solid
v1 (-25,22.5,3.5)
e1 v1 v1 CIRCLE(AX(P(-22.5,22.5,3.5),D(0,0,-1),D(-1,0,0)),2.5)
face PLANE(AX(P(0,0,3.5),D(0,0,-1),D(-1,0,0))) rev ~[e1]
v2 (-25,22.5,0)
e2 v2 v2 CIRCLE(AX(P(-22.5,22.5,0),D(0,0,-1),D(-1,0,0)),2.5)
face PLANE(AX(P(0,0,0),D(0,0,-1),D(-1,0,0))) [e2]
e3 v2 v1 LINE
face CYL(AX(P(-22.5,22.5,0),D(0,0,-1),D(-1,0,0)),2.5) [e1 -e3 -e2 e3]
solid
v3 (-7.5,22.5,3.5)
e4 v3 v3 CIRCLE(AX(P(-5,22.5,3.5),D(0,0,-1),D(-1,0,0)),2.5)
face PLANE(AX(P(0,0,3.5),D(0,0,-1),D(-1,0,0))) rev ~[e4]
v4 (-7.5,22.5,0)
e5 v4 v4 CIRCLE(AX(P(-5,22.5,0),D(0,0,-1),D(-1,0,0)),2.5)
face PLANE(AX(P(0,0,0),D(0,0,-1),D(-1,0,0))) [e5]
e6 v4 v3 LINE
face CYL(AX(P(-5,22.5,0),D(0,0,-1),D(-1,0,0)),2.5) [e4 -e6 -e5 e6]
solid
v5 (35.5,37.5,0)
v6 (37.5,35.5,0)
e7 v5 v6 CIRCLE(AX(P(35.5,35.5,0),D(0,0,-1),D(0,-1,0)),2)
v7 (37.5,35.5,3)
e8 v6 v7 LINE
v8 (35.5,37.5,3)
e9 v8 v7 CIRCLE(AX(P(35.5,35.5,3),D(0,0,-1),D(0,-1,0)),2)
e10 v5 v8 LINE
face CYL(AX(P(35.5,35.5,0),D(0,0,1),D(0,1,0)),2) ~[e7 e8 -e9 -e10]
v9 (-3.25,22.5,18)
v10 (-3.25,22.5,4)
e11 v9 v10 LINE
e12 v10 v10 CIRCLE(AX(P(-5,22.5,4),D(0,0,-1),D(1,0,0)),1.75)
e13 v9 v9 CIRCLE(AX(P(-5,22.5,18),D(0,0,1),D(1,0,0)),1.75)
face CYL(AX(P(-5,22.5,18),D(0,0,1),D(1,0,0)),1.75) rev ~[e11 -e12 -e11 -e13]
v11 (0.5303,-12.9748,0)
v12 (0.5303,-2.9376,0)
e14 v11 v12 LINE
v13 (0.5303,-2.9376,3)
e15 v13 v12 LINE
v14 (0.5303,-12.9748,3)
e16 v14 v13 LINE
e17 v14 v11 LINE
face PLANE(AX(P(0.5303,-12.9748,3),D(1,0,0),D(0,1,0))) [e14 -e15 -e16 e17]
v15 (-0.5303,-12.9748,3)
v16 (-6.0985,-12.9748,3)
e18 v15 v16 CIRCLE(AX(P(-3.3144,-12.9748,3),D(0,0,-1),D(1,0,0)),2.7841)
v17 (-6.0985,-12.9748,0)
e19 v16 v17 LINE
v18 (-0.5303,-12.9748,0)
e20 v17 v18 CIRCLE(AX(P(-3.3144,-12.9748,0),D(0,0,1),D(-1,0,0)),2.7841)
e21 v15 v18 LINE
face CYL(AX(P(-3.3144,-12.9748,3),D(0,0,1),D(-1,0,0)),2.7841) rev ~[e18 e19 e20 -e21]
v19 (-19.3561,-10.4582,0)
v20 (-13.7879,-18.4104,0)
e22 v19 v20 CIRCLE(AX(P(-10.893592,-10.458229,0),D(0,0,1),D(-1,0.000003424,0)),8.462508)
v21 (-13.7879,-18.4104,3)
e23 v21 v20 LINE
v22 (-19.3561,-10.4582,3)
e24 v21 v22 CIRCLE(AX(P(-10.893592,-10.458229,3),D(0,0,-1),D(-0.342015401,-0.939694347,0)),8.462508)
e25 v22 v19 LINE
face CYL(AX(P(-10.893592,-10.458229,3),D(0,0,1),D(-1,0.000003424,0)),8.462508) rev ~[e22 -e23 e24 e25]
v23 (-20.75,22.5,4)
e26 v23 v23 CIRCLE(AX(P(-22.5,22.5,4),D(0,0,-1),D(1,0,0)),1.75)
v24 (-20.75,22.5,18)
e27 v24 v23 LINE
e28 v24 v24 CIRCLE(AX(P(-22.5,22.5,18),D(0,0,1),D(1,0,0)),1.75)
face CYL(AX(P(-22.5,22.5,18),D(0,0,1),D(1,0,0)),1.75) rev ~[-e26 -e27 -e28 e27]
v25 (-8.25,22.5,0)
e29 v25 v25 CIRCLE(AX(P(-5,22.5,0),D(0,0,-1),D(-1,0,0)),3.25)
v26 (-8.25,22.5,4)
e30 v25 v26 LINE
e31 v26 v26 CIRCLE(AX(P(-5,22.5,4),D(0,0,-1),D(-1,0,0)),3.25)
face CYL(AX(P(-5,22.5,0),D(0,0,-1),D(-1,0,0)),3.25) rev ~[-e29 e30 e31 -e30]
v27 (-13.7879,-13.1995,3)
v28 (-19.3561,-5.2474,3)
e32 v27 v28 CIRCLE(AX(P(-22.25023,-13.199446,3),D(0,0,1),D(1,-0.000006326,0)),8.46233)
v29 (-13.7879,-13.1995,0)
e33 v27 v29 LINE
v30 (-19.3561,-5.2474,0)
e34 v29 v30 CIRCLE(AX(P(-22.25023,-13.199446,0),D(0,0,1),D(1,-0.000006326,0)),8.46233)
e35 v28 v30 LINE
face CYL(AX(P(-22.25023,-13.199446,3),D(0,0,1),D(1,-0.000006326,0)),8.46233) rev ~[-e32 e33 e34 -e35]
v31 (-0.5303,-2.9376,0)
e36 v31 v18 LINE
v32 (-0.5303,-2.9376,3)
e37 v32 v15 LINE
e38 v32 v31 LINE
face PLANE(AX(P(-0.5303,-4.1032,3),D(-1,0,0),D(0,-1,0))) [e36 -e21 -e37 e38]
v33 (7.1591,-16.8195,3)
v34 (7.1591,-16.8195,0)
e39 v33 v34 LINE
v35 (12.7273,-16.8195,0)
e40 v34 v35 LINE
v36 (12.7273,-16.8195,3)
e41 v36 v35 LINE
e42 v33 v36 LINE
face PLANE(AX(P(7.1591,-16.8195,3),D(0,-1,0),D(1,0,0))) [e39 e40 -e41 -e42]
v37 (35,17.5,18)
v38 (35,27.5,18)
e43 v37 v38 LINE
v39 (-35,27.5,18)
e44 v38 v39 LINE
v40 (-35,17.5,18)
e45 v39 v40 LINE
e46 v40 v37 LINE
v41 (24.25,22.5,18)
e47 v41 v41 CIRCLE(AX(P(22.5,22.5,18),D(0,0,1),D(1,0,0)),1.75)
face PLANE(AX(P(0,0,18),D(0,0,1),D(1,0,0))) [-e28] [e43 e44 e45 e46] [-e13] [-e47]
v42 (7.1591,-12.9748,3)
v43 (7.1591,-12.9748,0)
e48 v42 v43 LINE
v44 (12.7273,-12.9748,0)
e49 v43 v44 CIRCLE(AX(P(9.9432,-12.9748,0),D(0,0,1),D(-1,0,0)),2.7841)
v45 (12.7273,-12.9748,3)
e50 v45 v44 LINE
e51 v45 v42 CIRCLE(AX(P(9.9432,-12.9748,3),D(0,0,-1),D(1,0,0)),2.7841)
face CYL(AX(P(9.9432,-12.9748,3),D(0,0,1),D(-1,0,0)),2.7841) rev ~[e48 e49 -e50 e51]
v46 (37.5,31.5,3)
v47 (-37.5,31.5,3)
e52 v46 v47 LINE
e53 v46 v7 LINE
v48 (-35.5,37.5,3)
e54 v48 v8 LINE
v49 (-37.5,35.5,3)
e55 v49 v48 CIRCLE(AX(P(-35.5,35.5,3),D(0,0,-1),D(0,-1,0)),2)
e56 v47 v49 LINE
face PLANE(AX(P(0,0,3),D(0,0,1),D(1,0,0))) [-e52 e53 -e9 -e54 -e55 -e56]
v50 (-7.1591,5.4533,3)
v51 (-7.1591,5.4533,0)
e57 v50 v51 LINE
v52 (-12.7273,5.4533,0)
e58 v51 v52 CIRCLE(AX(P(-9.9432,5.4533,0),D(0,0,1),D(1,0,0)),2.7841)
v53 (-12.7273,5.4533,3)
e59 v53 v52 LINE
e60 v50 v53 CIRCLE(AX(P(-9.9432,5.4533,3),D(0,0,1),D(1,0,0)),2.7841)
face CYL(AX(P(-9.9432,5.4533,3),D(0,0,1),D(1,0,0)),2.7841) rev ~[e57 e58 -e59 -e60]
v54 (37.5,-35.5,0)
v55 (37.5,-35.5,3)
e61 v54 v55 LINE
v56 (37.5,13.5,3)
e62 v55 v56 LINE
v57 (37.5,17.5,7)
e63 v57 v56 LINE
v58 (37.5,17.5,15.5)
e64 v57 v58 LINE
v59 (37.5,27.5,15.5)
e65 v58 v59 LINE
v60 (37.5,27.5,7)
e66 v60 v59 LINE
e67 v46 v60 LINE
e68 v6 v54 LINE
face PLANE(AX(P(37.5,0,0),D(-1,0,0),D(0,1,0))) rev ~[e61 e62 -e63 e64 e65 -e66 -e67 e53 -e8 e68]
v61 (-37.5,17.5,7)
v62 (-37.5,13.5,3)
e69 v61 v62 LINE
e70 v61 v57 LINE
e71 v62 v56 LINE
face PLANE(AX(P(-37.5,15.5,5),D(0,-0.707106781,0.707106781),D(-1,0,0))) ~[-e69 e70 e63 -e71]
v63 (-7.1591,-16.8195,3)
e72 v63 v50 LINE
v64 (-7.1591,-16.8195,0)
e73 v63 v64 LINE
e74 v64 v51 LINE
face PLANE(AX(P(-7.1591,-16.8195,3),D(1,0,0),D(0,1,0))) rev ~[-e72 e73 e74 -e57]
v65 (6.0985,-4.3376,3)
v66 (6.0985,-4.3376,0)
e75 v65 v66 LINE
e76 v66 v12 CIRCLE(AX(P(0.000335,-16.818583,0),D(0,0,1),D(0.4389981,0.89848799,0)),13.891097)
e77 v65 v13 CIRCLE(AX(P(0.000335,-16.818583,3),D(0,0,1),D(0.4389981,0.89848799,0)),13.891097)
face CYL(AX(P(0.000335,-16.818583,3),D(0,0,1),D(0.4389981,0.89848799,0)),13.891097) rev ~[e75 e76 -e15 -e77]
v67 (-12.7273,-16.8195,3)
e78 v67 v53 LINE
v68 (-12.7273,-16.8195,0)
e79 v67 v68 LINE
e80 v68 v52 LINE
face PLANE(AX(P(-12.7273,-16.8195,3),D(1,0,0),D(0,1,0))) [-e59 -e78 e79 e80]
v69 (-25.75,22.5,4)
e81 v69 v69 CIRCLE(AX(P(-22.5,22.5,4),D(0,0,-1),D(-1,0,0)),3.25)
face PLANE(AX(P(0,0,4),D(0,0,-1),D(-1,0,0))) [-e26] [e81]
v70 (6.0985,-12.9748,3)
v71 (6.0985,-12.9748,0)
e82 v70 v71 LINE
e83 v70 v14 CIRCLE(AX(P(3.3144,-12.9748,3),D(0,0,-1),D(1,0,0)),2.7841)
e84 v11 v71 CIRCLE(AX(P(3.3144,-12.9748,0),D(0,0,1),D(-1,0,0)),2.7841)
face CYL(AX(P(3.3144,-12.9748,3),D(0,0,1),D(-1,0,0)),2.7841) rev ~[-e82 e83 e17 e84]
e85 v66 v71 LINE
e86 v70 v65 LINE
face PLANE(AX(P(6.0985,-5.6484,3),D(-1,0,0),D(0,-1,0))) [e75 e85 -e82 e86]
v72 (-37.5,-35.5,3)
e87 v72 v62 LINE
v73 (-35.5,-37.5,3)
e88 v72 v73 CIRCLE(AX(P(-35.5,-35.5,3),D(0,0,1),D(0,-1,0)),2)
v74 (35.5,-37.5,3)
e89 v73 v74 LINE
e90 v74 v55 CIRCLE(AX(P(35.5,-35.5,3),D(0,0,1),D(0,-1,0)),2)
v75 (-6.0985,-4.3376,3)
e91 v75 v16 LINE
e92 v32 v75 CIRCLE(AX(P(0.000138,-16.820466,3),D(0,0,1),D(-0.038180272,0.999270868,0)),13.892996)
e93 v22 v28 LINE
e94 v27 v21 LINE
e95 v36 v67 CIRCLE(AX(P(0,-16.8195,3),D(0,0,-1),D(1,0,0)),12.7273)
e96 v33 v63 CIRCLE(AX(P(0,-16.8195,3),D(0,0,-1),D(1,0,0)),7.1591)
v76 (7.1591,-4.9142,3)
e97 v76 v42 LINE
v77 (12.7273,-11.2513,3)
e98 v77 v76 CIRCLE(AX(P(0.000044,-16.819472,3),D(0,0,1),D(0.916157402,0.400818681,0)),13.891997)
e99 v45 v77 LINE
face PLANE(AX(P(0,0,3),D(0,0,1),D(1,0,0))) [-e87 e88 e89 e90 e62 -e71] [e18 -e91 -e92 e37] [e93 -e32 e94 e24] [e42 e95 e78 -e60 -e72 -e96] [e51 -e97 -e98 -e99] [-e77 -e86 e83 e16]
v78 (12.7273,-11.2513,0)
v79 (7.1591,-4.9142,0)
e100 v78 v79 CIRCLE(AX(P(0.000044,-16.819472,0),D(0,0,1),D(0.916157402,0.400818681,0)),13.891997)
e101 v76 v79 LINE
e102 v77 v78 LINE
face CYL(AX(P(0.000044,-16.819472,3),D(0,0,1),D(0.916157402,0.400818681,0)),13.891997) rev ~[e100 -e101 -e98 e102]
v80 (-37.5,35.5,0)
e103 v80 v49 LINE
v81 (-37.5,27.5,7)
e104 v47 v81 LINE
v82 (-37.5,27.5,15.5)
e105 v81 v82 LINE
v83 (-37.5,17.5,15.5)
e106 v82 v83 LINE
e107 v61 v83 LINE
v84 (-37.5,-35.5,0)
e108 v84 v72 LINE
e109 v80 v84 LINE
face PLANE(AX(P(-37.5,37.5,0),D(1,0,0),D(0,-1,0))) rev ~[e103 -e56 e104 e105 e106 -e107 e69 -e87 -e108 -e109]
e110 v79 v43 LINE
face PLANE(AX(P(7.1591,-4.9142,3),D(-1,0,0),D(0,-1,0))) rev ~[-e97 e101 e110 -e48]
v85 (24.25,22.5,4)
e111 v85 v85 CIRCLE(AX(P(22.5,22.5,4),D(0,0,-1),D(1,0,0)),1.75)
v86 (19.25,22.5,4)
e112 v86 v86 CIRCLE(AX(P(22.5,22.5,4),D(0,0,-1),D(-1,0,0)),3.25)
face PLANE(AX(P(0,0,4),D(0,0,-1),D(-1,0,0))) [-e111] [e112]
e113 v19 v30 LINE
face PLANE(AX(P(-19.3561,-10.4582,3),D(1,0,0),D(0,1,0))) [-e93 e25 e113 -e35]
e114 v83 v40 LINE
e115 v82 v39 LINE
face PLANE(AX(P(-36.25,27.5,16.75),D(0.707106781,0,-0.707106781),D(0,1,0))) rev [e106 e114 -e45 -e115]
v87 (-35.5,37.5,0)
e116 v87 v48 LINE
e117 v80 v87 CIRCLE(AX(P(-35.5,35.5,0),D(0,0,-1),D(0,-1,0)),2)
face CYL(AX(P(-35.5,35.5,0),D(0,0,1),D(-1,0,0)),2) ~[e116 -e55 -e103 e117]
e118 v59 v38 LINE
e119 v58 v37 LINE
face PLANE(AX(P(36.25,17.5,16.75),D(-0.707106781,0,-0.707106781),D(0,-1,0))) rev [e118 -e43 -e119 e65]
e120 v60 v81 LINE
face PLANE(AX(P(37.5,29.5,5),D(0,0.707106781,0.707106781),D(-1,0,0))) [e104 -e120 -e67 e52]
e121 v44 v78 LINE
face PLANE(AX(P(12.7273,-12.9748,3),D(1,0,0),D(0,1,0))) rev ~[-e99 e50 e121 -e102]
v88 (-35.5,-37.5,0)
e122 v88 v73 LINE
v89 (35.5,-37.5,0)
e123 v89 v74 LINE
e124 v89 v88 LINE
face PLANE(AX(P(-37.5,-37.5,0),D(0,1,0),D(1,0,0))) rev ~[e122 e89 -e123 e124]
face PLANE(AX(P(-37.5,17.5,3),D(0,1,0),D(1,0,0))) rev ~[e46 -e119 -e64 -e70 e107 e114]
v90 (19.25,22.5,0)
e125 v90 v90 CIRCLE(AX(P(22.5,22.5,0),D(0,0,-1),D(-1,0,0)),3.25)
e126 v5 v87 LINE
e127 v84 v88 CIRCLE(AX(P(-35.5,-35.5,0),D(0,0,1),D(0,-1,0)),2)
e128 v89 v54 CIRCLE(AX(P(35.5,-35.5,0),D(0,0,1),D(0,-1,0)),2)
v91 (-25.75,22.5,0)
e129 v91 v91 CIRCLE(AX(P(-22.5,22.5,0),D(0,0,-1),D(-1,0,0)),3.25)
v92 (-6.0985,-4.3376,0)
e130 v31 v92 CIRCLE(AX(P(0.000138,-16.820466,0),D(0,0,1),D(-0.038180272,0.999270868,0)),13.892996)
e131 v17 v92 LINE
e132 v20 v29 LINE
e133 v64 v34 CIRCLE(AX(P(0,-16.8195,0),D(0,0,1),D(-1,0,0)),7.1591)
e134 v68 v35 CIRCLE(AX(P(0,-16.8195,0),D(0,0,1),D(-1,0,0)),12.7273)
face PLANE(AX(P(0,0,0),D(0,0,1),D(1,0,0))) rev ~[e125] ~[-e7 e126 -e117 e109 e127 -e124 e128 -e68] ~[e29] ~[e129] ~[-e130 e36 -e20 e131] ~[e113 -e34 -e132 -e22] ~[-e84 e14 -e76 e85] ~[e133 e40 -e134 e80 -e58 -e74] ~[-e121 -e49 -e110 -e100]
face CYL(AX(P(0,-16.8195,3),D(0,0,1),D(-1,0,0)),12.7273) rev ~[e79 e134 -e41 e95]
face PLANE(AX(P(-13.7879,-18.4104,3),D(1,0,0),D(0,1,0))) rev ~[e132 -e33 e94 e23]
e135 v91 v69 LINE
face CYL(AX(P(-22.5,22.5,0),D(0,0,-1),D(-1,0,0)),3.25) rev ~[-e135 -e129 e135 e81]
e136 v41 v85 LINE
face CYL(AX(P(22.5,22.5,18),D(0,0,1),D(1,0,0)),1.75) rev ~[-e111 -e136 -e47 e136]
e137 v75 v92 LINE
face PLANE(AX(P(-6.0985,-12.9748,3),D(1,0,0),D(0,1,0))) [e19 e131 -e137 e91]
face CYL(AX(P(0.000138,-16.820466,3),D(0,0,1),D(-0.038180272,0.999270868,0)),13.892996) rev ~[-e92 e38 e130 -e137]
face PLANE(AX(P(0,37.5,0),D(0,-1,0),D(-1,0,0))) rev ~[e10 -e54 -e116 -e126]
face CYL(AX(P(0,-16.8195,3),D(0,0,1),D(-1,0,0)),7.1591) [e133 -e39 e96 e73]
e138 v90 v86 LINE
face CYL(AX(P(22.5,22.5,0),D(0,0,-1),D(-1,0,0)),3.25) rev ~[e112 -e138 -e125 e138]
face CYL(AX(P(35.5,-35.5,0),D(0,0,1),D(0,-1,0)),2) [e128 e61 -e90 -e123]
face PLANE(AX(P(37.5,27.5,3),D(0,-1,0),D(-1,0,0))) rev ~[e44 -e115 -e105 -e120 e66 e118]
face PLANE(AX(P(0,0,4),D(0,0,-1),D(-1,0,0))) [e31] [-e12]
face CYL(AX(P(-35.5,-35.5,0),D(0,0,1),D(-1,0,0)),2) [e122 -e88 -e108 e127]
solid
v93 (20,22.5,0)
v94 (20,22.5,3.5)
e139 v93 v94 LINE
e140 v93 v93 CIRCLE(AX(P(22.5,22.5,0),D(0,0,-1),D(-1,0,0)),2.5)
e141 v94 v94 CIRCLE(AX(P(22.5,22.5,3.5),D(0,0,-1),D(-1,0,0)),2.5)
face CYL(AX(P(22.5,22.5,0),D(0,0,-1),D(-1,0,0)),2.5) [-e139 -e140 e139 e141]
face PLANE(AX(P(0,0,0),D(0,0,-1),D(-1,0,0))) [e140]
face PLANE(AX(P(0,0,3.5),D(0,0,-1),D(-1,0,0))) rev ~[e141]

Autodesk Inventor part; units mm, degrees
ref_plane "YZ Plane" through (0, 0, 0) normal (1, 0, 0) x (0, 1, 0)
ref_plane "XZ Plane" through (0, 0, 0) normal (0, 1, 0) x (-1, 0, 0)
ref_plane "XY Plane" through (0, 0, 0) normal (0, 0, 1) x (1, 0, 0)
sketch "Sketch1" plane through (0, 0, 0) normal (0, 0, 1) x (1, 0, 0)
  line L0 (-52.5, 0) -> (52.5, 0) projected
  line L1 (0, -52.5) -> (0, 52.5) projected
  line L2 (-37.5, -37.5) -> (37.5, -37.5)
  line L3 (37.5, -37.5) -> (37.5, 37.5)
  line L4 (37.5, 37.5) -> (-37.5, 37.5)
  line L5 (-37.5, 37.5) -> (-37.5, -37.5)
  line L6 (-37.5, -37.5) -> (37.5, 37.5) construction
  line L7 (37.5, -37.5) -> (-37.5, 37.5) construction
  point P0 (0, 0)
  dimension "d0" = 75
  dimension "d1" = 75
extrude "Extrusion1" add sketch "Sketch1" along normal blind 3
sketch "Sketch2" plane through (0, 0, 3) normal (0, 0, 1) x (1, 0, 0)
  line L0 (37.5, -37.5) -> (37.5, 37.5) projected
  line L1 (37.5, 37.5) -> (-37.5, 37.5) projected
  line L2 (37.5, 17.5) -> (37.5, 27.5)
  line L3 (37.5, 27.5) -> (-37.5, 27.5)
  line L4 (-37.5, 27.5) -> (-37.5, 17.5)
  line L5 (-37.5, 17.5) -> (37.5, 17.5)
  point P0 (0, 0)
  dimension "d4" = 10
  dimension "d5" = 10
extrude "Extrusion2" add sketch "Sketch2" along normal blind 15
chamfer "Chamfer1" distance 2.5 angle 45 2 edges at (37.5, 22.5, 18) (-37.5, 22.5, 18)
sketch "Sketch3" plane through (0, 0, 18) normal (0, 0, 1) x (1, 0, 0)
  line L0 (-35, 17.5) -> (-35, 27.5) projected
  line L1 (35, 27.5) -> (35, 17.5) projected
  line L2 (-35, 22.5) -> (35, 22.5) construction
  circle A0 centre (-5, 22.5) radius 1.75
  circle A1 centre (-22.5, 22.5) radius 1.75
  line L3 (0, -52.5) -> (0, 52.5) projected
  circle A2 centre (22.5, 22.5) radius 1.75
  point P0 (0, 0)
  dimension "d11" = 45
  dimension "d12" = 17.5
  dimension "d13" = 5
  dimension "d14" = 3.5
extrude "Extrusion3" cut sketch "Sketch3" against normal through all
sketch "Sketch4" plane through (0, 0, 0) normal (0, 0, -1) x (-1, 0, 0)
  circle A0 centre (22.5, 22.5) radius 1.75 projected
  circle A1 centre (5, 22.5) radius 1.75 projected
  circle A2 centre (-22.5, 22.5) radius 1.75 projected
  circle A3 centre (-22.5, 22.5) radius 3.25
  circle A4 centre (5, 22.5) radius 3.25
  circle A5 centre (22.5, 22.5) radius 3.25
  point P0 (0, 0)
  dimension "d17" = 6.5
extrude "Extrusion4" cut sketch "Sketch4" against normal blind 4
fillet "Fillet1" radius 2 4 edges at (37.5, -37.5, 1.5) (37.5, 37.5, 1.5) (-37.5, 37.5, 1.5) (-37.5, -37.5, 1.5)
sketch "Sketch5" plane through (0, 0, 3) normal (0, 0, 1) x (1, 0, 0)
  line L0 (0, -52.9971) -> (0, 52.5828) projected
  line L1 (7.5616, -15.7589) -> (7.5616, -16.8195) construction
  line L2 (7.1591, -15.7589) -> (12.7273, -15.7589)
  arc A0 (7.1591, -12.9748) -> (12.7273, -12.9748) centre (9.9432, -12.9748) ccw
  line L3 (0, -16.8195) -> (12.7273, -16.8195) construction
  arc A1 (0.5303, -12.9748) -> (6.0985, -12.9748) centre (3.3144, -12.9748) ccw
  line L4 (0, -29.5467) -> (12.7273, -29.5467) construction
  arc A2 (-7.1591, -16.8195) -> (7.1591, -16.8195) centre (0, -16.8195) ccw
  circle A3 centre (0, -16.8195) radius 7.1591 construction
  line L5 (0, -12.75) -> (0, 20.5)
  arc A4 (-12.7273, -16.8195) -> (12.7273, -16.8195) centre (0, -16.8195) ccw
  circle A5 centre (0, -16.8195) radius 12.7273 construction
  line L6 (7.1591, -16.8195) -> (12.7273, -16.8195)
  line L7 (-12.7273, -16.8195) -> (-12.7273, 5.4533)
  line L8 (-7.1591, -16.8195) -> (-7.1591, 5.4533)
  arc A6 (-7.1591, 5.4533) -> (-12.7273, 5.4533) centre (-9.9432, 5.4533) ccw
  line L9 (-6.0985, -9.3431) -> (-7.1591, -9.3431) construction
  line L10 (0.5303, -9.3431) -> (-0.5303, -9.3431) construction
  arc A7 (-0.5303, -4.1032) -> (-6.0985, -5.6484) centre (0, -16.8195) ccw
  arc A8 (-0.5303, -2.9376) -> (-6.0985, -4.3376) centre (0, -16.8195) ccw
  line L11 (6.0985, -2.9274) -> (6.0985, -15.7589)
  line L12 (7.1591, -2.9274) -> (7.1591, -15.7589)
  line L13 (12.7273, -15.7589) -> (12.7273, -2.9274)
  line L14 (12.7273, -2.9274) -> (7.1591, -2.9274)
  arc A9 (12.7273, -11.2513) -> (7.1591, -4.9142) centre (0, -16.8195) ccw
  line L15 (7.1591, -9.3431) -> (6.0985, -9.3431) construction
  line L16 (0.5303, -2.9274) -> (6.0985, -2.9274)
  line L17 (6.0985, -15.7589) -> (0.5303, -15.7589)
  arc A10 (6.0985, -5.6484) -> (0.5303, -4.1032) centre (0, -16.8195) ccw
  arc A11 (6.0985, -4.3376) -> (0.5303, -2.9376) centre (0, -16.8195) ccw
  arc A12 (12.7273, -11.2513) -> (-7.1591, -4.9142) centre (0, -16.8195) ccw construction
  line L18 (12.7273, -2.9274) -> (-7.1591, -2.9274) construction
  line L19 (0.5303, -15.7589) -> (0.5303, -2.9274)
  line L20 (-6.0985, -2.9274) -> (-0.5303, -2.9274)
  line L21 (-0.5303, -15.7589) -> (-6.0985, -15.7589)
  line L22 (-6.0985, -15.7589) -> (-6.0985, -2.9274)
  line L23 (-0.5303, -2.9274) -> (-0.5303, -15.7589)
  line L24 (-27.7979, -16.8195) -> (15.0178, -16.8195)
  line L25 (-6.0172, -28.1735) -> (-24.2274, -21.5455) construction
  line L26 (-13.7879, -7.274) -> (-12.7273, -7.274) construction
  line L27 (-13.7879, -7.274) -> (-19.3561, -5.2474) construction
  line L28 (-13.7879, -18.4104) -> (-13.7879, -7.274) construction
  line L29 (-13.7879, -18.4104) -> (-13.7879, -13.1995)
  line L30 (-19.3561, -10.4582) -> (-19.3561, -5.2474)
  arc A13 (-13.7879, -13.1995) -> (-19.3561, -5.2474) centre (-22.2504, -13.1995) ccw
  line L31 (-19.3561, -5.2474) -> (-19.3561, -16.3837) construction
  line L32 (-19.3561, -16.3837) -> (-13.7879, -18.4104) construction
  arc A14 (-19.3561, -10.4582) -> (-13.7879, -18.4104) centre (-10.8935, -10.4582) ccw
  arc A15 (-6.0985, -12.9748) -> (-0.5303, -12.9748) centre (-3.3144, -12.9748) ccw
  point P0 (0, 0)
  point P1 (0, 0)
  point P2 (12.683, -15.7589)
  point P3 (7.1591, -6.2966)
  dimension "d21" = 14.3182
  dimension "d22" = 5.5682
  dimension "d23" = 22.2727
  dimension "d24" = 0
  dimension "d25" = 5.5682
  dimension "d26" = 11.1364
  dimension "d27" = 1.5909
  dimension "d28" = 160
  dimension "d29" = 5.5682
  dimension "d30" = 1.0606
  dimension "d31" = 5.5682
  dimension "d32" = 32.0833
  dimension "d33" = 35
extrude "ext_cut_logo" cut sketch "Sketch5" against normal through all contours A4 L24 A2 L0 | L29 A14 L24 | L24 A14 L30 A13 L29 | L0 A2 L6 A4 | L7 A6 L8 L24 | A0 L12 A9 L13 | L19 A10 L11 A1 | L19 A11 L11 A10 | L23 A15 L22 A7 | A7 L22 A8 L23
sketch "Sketch6" plane through (0, 0, 0) normal (0, 0, -1) x (-1, 0, 0)
  circle A0 centre (22.5, 22.5) radius 3.25 projected
  circle A1 centre (-22.5, 22.5) radius 3.25 projected
  circle A2 centre (5, 22.5) radius 3.25 projected
  circle A3 centre (-22.5, 22.5) radius 2.5
  circle A4 centre (5, 22.5) radius 2.5
  circle A5 centre (22.5, 22.5) radius 2.5
  point P0 (0, 0)
  dimension "d36" = 5
extrude "PRINT_support" add sketch "Sketch6" against normal blind 3.5 contours A3 | A4 | A5
chamfer "Chamfer2" distance 4 angle 45 2 edges at (0, 17.5, 3) (0, 27.5, 3)
equation "\"d21\" = 0.409091 * d33"
equation "\"d22\" = d31"
equation "\"d23\" = 0.636364 * d33"
equation "\"d25\" = d31"
equation "\"d26\" = 0.318182 * d33"
equation "\"d27\" = 0.0454545 * d33"
equation "\"d29\" = d31"
properties part number "misc_hand_stand2"
